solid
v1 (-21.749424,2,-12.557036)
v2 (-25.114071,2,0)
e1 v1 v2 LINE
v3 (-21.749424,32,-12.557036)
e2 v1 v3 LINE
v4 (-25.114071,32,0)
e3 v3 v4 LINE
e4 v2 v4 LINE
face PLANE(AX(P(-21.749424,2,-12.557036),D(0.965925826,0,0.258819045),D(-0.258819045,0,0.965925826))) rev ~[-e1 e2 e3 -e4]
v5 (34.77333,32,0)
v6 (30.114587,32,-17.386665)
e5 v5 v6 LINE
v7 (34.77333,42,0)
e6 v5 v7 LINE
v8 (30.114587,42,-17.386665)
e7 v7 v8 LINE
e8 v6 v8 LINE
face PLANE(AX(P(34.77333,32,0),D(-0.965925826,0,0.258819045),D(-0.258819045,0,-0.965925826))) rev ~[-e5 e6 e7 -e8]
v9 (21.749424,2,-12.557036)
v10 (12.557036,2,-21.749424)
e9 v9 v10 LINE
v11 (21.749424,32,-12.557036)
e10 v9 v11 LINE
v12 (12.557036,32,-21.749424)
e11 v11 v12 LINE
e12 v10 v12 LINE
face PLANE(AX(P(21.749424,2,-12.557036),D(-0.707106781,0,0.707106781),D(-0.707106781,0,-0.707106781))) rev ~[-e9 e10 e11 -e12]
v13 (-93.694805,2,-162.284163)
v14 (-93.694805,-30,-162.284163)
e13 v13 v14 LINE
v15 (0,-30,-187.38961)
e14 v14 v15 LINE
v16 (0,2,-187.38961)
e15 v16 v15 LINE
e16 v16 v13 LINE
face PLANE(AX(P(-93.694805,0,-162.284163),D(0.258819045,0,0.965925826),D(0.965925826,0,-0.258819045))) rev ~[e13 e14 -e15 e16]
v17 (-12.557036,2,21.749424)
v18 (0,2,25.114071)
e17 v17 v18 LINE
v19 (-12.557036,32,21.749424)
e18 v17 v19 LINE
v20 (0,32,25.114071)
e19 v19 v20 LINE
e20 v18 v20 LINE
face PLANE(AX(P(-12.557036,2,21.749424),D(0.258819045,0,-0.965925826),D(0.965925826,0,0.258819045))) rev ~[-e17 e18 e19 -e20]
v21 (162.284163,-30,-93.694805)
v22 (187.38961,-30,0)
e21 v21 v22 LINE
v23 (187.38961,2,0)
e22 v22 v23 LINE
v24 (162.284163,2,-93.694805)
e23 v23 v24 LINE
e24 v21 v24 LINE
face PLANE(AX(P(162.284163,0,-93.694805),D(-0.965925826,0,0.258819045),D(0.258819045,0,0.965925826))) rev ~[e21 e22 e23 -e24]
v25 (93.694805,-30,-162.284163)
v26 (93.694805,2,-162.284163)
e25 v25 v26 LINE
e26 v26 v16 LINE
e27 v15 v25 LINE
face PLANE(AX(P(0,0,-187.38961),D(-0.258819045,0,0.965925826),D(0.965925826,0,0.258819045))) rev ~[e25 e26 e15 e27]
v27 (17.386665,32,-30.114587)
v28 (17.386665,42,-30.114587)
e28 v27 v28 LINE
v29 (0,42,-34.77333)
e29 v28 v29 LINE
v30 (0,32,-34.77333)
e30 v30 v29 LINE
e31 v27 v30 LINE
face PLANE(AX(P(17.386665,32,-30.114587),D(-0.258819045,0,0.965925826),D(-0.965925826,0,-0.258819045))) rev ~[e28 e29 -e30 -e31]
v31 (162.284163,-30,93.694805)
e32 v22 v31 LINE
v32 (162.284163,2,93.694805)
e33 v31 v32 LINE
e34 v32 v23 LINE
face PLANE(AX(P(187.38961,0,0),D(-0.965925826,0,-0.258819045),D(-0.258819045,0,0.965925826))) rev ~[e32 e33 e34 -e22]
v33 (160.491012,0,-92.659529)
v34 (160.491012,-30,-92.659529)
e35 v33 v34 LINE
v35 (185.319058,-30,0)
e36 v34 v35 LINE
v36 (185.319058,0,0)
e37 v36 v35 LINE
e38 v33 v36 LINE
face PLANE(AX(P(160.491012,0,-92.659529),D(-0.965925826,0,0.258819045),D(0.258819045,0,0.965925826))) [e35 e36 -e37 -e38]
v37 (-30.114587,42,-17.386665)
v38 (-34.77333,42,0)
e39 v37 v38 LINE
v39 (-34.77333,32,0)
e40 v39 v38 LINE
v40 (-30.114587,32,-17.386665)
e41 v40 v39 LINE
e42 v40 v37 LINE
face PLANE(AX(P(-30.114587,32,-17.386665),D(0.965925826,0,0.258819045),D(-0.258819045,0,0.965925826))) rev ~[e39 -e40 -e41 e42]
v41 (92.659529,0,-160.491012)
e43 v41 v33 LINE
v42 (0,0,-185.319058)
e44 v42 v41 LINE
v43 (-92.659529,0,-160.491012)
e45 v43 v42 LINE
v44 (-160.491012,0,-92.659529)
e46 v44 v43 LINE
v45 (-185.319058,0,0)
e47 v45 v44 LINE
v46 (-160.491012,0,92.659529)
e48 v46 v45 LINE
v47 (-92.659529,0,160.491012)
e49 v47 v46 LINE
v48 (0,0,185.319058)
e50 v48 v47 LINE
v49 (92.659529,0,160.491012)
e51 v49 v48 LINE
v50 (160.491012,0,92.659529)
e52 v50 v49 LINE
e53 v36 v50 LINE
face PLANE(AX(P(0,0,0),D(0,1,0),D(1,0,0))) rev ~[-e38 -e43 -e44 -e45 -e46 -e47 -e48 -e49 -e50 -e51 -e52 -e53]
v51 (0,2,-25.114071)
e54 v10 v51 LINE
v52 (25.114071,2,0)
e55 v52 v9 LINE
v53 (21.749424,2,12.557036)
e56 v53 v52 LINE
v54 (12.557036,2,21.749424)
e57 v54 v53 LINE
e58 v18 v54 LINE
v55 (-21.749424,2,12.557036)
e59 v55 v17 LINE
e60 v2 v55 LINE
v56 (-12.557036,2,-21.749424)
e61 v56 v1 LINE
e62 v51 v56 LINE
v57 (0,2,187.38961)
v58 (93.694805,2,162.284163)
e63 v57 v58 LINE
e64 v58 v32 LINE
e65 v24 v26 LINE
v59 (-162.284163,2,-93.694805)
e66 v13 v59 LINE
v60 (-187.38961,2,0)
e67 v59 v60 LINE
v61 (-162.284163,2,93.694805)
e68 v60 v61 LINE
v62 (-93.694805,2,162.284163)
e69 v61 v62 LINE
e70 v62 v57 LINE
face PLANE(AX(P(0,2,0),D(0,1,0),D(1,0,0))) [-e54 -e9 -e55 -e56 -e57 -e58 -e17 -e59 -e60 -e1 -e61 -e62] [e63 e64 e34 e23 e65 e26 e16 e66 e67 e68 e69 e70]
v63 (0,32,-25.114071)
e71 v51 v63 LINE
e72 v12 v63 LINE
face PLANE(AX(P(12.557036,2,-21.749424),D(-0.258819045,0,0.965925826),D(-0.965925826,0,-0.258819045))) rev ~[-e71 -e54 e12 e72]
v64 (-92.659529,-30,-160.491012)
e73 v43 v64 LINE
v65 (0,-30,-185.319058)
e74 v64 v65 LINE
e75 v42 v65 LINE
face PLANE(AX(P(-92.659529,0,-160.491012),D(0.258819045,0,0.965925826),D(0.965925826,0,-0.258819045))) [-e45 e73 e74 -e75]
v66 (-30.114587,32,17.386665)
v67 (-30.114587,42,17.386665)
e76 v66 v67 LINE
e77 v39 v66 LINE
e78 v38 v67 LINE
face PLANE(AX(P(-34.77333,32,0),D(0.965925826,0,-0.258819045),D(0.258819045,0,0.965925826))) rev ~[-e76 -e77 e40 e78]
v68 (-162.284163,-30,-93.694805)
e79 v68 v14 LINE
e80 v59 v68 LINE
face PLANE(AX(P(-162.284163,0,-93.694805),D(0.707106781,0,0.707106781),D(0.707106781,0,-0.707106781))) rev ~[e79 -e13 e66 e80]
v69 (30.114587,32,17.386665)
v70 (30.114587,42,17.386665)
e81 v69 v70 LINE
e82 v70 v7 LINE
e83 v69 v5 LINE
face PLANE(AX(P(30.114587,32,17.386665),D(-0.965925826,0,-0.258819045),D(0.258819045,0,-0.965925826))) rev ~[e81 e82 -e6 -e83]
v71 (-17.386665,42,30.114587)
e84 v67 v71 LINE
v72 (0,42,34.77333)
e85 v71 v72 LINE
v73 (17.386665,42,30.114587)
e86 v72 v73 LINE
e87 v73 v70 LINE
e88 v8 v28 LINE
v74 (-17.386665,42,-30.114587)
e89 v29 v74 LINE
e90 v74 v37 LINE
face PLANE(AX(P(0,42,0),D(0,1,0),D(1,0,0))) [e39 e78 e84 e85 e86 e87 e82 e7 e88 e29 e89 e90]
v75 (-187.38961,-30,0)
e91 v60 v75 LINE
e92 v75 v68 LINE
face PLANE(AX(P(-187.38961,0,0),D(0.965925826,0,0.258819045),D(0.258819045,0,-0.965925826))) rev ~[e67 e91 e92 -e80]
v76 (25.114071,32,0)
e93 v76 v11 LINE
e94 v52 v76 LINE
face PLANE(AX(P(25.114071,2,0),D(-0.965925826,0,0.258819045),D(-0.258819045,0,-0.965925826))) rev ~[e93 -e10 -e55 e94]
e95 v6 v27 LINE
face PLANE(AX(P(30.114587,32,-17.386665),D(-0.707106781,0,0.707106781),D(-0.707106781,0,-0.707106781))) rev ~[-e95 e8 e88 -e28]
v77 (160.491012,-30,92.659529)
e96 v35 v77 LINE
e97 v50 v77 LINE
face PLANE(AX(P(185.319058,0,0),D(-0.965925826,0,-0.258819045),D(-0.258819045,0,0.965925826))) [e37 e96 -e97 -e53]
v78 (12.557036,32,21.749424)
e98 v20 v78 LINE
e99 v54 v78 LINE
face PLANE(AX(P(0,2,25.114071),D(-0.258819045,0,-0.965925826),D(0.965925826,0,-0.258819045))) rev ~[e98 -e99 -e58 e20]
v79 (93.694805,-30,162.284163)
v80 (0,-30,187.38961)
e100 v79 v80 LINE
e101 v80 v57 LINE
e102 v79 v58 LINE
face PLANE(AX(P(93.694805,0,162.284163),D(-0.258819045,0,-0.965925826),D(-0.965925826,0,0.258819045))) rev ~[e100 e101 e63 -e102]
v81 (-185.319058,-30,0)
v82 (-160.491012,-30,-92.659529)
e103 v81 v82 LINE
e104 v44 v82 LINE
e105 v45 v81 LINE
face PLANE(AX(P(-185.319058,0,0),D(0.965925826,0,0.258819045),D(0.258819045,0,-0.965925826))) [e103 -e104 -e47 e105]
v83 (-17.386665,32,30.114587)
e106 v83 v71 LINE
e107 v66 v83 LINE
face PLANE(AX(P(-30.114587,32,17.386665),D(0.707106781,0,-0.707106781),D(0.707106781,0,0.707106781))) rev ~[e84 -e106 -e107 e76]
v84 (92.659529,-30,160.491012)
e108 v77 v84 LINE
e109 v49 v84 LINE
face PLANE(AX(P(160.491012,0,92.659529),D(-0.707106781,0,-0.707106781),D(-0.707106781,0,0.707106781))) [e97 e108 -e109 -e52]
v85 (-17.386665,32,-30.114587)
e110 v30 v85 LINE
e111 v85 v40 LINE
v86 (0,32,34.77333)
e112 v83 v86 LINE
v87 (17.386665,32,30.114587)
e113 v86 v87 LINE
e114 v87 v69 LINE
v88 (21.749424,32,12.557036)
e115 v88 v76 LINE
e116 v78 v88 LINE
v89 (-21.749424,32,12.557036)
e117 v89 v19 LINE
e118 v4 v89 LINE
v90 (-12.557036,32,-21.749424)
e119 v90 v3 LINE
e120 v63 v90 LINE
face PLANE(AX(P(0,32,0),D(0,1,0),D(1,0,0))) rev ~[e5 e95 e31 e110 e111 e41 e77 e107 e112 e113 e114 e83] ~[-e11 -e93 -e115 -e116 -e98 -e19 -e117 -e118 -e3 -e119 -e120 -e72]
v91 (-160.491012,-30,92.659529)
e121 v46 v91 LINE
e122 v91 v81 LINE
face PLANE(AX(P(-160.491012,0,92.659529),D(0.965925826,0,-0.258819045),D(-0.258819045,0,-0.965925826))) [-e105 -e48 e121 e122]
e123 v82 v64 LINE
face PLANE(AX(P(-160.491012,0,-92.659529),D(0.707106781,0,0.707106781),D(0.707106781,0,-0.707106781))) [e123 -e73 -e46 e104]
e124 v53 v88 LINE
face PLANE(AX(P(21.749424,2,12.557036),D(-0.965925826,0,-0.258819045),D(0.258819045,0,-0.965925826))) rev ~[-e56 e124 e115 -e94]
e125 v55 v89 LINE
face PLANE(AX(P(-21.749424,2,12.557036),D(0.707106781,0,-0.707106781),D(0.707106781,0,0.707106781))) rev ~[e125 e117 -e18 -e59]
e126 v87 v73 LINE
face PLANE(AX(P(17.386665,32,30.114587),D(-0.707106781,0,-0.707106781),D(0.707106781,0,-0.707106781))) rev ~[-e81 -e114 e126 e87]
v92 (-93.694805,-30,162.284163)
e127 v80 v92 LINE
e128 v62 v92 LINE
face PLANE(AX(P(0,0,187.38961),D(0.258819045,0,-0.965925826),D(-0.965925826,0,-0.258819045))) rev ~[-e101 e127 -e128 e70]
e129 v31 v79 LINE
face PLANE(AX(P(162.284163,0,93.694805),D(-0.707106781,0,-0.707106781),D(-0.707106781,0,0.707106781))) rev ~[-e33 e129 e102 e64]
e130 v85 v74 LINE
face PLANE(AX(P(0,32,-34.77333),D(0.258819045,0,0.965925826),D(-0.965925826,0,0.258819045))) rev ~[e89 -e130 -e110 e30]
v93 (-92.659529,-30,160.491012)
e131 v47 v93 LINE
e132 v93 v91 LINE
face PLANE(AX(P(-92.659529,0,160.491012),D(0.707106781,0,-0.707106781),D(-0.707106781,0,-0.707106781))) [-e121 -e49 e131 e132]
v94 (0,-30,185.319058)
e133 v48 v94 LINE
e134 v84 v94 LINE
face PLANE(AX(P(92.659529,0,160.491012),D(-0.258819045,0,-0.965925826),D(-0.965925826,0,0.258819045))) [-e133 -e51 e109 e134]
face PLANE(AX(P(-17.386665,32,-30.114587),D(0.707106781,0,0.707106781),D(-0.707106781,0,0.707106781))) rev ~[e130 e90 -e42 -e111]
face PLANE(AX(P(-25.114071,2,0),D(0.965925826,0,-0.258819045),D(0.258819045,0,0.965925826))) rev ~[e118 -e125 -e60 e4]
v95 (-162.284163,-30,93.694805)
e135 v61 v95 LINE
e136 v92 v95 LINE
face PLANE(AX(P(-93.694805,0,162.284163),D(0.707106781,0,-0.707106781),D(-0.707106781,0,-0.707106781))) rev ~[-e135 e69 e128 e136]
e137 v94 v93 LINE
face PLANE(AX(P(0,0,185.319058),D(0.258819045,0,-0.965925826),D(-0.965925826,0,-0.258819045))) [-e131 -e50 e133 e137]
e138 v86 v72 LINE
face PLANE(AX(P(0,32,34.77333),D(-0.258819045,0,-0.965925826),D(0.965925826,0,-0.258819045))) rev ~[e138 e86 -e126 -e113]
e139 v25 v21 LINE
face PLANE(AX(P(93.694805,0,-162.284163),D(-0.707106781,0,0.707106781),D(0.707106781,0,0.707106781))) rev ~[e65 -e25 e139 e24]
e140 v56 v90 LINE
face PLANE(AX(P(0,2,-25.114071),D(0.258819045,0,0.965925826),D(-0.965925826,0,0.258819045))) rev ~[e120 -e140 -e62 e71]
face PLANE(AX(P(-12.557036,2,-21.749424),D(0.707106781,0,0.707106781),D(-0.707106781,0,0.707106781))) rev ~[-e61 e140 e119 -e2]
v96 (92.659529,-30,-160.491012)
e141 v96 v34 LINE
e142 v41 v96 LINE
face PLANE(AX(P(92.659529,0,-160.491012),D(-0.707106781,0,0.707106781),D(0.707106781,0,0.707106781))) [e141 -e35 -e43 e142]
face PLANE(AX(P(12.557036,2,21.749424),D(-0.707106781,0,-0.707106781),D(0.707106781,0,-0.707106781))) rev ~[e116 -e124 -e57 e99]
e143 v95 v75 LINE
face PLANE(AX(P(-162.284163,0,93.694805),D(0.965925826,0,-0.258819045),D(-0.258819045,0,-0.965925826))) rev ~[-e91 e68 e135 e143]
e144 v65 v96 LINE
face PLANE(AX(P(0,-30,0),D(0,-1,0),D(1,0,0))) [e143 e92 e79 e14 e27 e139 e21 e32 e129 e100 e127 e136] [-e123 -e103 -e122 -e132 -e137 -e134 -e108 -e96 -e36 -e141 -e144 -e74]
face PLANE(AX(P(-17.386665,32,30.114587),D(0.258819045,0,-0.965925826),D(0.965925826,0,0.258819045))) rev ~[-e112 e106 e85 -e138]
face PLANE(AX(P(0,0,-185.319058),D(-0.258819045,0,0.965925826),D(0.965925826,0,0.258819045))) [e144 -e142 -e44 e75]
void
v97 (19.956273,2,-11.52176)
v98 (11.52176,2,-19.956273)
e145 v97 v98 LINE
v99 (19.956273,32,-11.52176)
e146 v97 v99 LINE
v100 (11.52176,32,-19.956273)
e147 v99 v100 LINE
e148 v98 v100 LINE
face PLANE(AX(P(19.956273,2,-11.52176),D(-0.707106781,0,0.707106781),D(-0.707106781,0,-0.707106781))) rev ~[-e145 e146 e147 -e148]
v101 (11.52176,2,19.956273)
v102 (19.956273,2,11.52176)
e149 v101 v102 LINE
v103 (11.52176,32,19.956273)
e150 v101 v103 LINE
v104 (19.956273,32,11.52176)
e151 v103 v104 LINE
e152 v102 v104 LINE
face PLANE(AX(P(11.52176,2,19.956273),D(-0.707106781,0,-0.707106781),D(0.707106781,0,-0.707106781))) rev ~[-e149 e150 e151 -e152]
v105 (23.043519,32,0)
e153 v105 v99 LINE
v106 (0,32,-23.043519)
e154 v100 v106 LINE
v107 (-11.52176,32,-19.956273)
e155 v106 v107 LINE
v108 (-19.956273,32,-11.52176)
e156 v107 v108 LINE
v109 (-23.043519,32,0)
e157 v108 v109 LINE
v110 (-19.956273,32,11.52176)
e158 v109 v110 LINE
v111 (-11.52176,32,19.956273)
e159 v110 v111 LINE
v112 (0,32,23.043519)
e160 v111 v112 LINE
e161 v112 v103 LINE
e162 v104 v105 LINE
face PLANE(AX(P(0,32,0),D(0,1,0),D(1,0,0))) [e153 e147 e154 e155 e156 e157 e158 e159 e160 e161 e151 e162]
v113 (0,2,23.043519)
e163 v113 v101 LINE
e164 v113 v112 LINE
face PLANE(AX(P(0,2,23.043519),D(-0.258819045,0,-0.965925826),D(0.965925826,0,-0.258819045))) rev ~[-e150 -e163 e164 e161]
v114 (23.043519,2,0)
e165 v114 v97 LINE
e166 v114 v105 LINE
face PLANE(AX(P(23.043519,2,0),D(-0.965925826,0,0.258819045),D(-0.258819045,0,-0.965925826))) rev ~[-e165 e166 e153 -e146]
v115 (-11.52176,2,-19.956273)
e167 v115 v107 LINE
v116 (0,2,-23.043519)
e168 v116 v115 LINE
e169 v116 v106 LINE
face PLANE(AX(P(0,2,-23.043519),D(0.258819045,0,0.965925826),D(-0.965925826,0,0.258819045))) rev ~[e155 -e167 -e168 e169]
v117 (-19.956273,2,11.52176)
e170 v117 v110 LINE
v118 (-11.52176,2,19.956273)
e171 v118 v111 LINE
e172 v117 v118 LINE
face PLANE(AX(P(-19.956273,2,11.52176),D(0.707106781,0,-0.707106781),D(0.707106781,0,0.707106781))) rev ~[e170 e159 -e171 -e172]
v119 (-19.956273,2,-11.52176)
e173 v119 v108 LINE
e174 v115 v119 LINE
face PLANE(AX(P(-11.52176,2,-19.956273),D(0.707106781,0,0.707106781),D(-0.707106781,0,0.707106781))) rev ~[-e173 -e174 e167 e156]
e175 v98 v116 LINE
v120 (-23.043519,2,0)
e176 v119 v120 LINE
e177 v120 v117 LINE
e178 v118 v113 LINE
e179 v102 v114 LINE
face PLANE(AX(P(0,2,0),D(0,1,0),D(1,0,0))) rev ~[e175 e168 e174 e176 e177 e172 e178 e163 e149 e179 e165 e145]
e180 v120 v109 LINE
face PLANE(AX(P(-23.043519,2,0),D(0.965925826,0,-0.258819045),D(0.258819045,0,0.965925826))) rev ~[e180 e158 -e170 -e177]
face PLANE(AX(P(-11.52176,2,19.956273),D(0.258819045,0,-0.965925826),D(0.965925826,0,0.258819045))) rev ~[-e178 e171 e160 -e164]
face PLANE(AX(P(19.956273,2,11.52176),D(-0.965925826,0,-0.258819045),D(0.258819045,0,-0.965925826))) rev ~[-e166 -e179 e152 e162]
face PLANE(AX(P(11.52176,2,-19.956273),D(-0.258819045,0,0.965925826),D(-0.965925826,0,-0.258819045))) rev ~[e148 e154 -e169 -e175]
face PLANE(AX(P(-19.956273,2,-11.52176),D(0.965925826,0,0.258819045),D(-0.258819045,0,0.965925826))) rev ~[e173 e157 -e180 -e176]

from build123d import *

# Parameters (mm, degrees)
BOSS_EXTRUDE1_DEPTH = 2
BOSS_EXTRUDE2_DEPTH = 30
BOSS_EXTRUDE3_DEPTH = 30
BOSS_EXTRUDE4_DEPTH = 30
BOSS_EXTRUDE5_DEPTH = 10


with BuildPart() as part:
    # Sketch1 → Boss-Extrude1 (new body)
    with BuildSketch(Plane(origin=(0, 0, 0), x_dir=(1, 0, 0), z_dir=(0, 1, 0))):
        Polygon((0, 187.3896103), (-93.69480515, 162.284162925), (-162.284162925, 93.69480515), (-187.3896103, 0), (-162.284162925, -93.69480515), (-93.69480515, -162.284162925), (0, -187.3896103), (93.69480515, -162.284162925), (162.284162925, -93.69480515), (187.3896103, 0), (162.284162925, 93.69480515), (93.69480515, 162.284162925), align=None)
    extrude(amount=BOSS_EXTRUDE1_DEPTH)

    # Sketch2 → Boss-Extrude2 (add)
    with BuildSketch(Plane.XZ):
        Polygon((0, 187.3896103), (-93.69480515, 162.284162925), (-162.284162925, 93.69480515), (-187.3896103, 0), (-162.284162925, -93.69480515), (-93.69480515, -162.284162925), (0, -187.3896103), (93.69480515, -162.284162925), (162.284162925, -93.69480515), (187.3896103, 0), (162.284162925, 93.69480515), (93.69480515, 162.284162925), align=None)
        Polygon((0, 185.319057939), (-92.65952897, 160.491011981), (-160.491011981, 92.65952897), (-185.319057939, 0), (-160.491011981, -92.65952897), (-92.65952897, -160.491011981), (0, -185.319057939), (92.65952897, -160.491011981), (160.491011981, -92.65952897), (185.319057939, 0), (160.491011981, 92.65952897), (92.65952897, 160.491011981), align=None, mode=Mode.SUBTRACT)
    extrude(amount=BOSS_EXTRUDE2_DEPTH)

    # Sketch3 → Boss-Extrude3 (add)
    with BuildSketch(Plane(origin=(0, 2, 0), x_dir=(1, 0, 0), z_dir=(0, 1, 0))):
        Polygon((0, 25.114071484), (-12.557035742, 21.749423897), (-21.749423897, 12.557035742), (-25.114071484, 0), (-21.749423897, -12.557035742), (-12.557035742, -21.749423897), (0, -25.114071484), (12.557035742, -21.749423897), (21.749423897, -12.557035742), (25.114071484, 0), (21.749423897, 12.557035742), (12.557035742, 21.749423897), align=None)
        Polygon((0, 23.043519123), (-11.521759561, 19.956272953), (-19.956272953, 11.521759561), (-23.043519123, 0), (-19.956272953, -11.521759561), (-11.521759561, -19.956272953), (0, -23.043519123), (11.521759561, -19.956272953), (19.956272953, -11.521759561), (23.043519123, 0), (19.956272953, 11.521759561), (11.521759561, 19.956272953), align=None, mode=Mode.SUBTRACT)
    extrude(amount=BOSS_EXTRUDE3_DEPTH)

    # Sketch3<2> → Boss-Extrude4 (add)
    with BuildSketch(Plane(origin=(0, 2, 0), x_dir=(1, 0, 0), z_dir=(0, 1, 0))):
        Polygon((0, 25.114071484), (-12.557035742, 21.749423897), (-21.749423897, 12.557035742), (-25.114071484, 0), (-21.749423897, -12.557035742), (-12.557035742, -21.749423897), (0, -25.114071484), (12.557035742, -21.749423897), (21.749423897, -12.557035742), (25.114071484, 0), (21.749423897, 12.557035742), (12.557035742, 21.749423897), align=None)
        Polygon((0, 23.043519123), (-11.521759561, 19.956272953), (-19.956272953, 11.521759561), (-23.043519123, 0), (-19.956272953, -11.521759561), (-11.521759561, -19.956272953), (0, -23.043519123), (11.521759561, -19.956272953), (19.956272953, -11.521759561), (23.043519123, 0), (19.956272953, 11.521759561), (11.521759561, 19.956272953), align=None, mode=Mode.SUBTRACT)
    extrude(amount=BOSS_EXTRUDE4_DEPTH)

    # Sketch5 → Boss-Extrude5 (add)
    with BuildSketch(Plane(origin=(0, 32, 0), x_dir=(1, 0, 0), z_dir=(0, 1, 0))):
        Polygon((0, 34.773329746), (-17.386664873, 30.114586935), (-30.114586935, 17.386664873), (-34.773329746, 0), (-30.114586935, -17.386664873), (-17.386664873, -30.114586935), (0, -34.773329746), (17.386664873, -30.114586935), (30.114586935, -17.386664873), (34.773329746, 0), (30.114586935, 17.386664873), (17.386664873, 30.114586935), align=None)
    extrude(amount=BOSS_EXTRUDE5_DEPTH)


solid = part.part
